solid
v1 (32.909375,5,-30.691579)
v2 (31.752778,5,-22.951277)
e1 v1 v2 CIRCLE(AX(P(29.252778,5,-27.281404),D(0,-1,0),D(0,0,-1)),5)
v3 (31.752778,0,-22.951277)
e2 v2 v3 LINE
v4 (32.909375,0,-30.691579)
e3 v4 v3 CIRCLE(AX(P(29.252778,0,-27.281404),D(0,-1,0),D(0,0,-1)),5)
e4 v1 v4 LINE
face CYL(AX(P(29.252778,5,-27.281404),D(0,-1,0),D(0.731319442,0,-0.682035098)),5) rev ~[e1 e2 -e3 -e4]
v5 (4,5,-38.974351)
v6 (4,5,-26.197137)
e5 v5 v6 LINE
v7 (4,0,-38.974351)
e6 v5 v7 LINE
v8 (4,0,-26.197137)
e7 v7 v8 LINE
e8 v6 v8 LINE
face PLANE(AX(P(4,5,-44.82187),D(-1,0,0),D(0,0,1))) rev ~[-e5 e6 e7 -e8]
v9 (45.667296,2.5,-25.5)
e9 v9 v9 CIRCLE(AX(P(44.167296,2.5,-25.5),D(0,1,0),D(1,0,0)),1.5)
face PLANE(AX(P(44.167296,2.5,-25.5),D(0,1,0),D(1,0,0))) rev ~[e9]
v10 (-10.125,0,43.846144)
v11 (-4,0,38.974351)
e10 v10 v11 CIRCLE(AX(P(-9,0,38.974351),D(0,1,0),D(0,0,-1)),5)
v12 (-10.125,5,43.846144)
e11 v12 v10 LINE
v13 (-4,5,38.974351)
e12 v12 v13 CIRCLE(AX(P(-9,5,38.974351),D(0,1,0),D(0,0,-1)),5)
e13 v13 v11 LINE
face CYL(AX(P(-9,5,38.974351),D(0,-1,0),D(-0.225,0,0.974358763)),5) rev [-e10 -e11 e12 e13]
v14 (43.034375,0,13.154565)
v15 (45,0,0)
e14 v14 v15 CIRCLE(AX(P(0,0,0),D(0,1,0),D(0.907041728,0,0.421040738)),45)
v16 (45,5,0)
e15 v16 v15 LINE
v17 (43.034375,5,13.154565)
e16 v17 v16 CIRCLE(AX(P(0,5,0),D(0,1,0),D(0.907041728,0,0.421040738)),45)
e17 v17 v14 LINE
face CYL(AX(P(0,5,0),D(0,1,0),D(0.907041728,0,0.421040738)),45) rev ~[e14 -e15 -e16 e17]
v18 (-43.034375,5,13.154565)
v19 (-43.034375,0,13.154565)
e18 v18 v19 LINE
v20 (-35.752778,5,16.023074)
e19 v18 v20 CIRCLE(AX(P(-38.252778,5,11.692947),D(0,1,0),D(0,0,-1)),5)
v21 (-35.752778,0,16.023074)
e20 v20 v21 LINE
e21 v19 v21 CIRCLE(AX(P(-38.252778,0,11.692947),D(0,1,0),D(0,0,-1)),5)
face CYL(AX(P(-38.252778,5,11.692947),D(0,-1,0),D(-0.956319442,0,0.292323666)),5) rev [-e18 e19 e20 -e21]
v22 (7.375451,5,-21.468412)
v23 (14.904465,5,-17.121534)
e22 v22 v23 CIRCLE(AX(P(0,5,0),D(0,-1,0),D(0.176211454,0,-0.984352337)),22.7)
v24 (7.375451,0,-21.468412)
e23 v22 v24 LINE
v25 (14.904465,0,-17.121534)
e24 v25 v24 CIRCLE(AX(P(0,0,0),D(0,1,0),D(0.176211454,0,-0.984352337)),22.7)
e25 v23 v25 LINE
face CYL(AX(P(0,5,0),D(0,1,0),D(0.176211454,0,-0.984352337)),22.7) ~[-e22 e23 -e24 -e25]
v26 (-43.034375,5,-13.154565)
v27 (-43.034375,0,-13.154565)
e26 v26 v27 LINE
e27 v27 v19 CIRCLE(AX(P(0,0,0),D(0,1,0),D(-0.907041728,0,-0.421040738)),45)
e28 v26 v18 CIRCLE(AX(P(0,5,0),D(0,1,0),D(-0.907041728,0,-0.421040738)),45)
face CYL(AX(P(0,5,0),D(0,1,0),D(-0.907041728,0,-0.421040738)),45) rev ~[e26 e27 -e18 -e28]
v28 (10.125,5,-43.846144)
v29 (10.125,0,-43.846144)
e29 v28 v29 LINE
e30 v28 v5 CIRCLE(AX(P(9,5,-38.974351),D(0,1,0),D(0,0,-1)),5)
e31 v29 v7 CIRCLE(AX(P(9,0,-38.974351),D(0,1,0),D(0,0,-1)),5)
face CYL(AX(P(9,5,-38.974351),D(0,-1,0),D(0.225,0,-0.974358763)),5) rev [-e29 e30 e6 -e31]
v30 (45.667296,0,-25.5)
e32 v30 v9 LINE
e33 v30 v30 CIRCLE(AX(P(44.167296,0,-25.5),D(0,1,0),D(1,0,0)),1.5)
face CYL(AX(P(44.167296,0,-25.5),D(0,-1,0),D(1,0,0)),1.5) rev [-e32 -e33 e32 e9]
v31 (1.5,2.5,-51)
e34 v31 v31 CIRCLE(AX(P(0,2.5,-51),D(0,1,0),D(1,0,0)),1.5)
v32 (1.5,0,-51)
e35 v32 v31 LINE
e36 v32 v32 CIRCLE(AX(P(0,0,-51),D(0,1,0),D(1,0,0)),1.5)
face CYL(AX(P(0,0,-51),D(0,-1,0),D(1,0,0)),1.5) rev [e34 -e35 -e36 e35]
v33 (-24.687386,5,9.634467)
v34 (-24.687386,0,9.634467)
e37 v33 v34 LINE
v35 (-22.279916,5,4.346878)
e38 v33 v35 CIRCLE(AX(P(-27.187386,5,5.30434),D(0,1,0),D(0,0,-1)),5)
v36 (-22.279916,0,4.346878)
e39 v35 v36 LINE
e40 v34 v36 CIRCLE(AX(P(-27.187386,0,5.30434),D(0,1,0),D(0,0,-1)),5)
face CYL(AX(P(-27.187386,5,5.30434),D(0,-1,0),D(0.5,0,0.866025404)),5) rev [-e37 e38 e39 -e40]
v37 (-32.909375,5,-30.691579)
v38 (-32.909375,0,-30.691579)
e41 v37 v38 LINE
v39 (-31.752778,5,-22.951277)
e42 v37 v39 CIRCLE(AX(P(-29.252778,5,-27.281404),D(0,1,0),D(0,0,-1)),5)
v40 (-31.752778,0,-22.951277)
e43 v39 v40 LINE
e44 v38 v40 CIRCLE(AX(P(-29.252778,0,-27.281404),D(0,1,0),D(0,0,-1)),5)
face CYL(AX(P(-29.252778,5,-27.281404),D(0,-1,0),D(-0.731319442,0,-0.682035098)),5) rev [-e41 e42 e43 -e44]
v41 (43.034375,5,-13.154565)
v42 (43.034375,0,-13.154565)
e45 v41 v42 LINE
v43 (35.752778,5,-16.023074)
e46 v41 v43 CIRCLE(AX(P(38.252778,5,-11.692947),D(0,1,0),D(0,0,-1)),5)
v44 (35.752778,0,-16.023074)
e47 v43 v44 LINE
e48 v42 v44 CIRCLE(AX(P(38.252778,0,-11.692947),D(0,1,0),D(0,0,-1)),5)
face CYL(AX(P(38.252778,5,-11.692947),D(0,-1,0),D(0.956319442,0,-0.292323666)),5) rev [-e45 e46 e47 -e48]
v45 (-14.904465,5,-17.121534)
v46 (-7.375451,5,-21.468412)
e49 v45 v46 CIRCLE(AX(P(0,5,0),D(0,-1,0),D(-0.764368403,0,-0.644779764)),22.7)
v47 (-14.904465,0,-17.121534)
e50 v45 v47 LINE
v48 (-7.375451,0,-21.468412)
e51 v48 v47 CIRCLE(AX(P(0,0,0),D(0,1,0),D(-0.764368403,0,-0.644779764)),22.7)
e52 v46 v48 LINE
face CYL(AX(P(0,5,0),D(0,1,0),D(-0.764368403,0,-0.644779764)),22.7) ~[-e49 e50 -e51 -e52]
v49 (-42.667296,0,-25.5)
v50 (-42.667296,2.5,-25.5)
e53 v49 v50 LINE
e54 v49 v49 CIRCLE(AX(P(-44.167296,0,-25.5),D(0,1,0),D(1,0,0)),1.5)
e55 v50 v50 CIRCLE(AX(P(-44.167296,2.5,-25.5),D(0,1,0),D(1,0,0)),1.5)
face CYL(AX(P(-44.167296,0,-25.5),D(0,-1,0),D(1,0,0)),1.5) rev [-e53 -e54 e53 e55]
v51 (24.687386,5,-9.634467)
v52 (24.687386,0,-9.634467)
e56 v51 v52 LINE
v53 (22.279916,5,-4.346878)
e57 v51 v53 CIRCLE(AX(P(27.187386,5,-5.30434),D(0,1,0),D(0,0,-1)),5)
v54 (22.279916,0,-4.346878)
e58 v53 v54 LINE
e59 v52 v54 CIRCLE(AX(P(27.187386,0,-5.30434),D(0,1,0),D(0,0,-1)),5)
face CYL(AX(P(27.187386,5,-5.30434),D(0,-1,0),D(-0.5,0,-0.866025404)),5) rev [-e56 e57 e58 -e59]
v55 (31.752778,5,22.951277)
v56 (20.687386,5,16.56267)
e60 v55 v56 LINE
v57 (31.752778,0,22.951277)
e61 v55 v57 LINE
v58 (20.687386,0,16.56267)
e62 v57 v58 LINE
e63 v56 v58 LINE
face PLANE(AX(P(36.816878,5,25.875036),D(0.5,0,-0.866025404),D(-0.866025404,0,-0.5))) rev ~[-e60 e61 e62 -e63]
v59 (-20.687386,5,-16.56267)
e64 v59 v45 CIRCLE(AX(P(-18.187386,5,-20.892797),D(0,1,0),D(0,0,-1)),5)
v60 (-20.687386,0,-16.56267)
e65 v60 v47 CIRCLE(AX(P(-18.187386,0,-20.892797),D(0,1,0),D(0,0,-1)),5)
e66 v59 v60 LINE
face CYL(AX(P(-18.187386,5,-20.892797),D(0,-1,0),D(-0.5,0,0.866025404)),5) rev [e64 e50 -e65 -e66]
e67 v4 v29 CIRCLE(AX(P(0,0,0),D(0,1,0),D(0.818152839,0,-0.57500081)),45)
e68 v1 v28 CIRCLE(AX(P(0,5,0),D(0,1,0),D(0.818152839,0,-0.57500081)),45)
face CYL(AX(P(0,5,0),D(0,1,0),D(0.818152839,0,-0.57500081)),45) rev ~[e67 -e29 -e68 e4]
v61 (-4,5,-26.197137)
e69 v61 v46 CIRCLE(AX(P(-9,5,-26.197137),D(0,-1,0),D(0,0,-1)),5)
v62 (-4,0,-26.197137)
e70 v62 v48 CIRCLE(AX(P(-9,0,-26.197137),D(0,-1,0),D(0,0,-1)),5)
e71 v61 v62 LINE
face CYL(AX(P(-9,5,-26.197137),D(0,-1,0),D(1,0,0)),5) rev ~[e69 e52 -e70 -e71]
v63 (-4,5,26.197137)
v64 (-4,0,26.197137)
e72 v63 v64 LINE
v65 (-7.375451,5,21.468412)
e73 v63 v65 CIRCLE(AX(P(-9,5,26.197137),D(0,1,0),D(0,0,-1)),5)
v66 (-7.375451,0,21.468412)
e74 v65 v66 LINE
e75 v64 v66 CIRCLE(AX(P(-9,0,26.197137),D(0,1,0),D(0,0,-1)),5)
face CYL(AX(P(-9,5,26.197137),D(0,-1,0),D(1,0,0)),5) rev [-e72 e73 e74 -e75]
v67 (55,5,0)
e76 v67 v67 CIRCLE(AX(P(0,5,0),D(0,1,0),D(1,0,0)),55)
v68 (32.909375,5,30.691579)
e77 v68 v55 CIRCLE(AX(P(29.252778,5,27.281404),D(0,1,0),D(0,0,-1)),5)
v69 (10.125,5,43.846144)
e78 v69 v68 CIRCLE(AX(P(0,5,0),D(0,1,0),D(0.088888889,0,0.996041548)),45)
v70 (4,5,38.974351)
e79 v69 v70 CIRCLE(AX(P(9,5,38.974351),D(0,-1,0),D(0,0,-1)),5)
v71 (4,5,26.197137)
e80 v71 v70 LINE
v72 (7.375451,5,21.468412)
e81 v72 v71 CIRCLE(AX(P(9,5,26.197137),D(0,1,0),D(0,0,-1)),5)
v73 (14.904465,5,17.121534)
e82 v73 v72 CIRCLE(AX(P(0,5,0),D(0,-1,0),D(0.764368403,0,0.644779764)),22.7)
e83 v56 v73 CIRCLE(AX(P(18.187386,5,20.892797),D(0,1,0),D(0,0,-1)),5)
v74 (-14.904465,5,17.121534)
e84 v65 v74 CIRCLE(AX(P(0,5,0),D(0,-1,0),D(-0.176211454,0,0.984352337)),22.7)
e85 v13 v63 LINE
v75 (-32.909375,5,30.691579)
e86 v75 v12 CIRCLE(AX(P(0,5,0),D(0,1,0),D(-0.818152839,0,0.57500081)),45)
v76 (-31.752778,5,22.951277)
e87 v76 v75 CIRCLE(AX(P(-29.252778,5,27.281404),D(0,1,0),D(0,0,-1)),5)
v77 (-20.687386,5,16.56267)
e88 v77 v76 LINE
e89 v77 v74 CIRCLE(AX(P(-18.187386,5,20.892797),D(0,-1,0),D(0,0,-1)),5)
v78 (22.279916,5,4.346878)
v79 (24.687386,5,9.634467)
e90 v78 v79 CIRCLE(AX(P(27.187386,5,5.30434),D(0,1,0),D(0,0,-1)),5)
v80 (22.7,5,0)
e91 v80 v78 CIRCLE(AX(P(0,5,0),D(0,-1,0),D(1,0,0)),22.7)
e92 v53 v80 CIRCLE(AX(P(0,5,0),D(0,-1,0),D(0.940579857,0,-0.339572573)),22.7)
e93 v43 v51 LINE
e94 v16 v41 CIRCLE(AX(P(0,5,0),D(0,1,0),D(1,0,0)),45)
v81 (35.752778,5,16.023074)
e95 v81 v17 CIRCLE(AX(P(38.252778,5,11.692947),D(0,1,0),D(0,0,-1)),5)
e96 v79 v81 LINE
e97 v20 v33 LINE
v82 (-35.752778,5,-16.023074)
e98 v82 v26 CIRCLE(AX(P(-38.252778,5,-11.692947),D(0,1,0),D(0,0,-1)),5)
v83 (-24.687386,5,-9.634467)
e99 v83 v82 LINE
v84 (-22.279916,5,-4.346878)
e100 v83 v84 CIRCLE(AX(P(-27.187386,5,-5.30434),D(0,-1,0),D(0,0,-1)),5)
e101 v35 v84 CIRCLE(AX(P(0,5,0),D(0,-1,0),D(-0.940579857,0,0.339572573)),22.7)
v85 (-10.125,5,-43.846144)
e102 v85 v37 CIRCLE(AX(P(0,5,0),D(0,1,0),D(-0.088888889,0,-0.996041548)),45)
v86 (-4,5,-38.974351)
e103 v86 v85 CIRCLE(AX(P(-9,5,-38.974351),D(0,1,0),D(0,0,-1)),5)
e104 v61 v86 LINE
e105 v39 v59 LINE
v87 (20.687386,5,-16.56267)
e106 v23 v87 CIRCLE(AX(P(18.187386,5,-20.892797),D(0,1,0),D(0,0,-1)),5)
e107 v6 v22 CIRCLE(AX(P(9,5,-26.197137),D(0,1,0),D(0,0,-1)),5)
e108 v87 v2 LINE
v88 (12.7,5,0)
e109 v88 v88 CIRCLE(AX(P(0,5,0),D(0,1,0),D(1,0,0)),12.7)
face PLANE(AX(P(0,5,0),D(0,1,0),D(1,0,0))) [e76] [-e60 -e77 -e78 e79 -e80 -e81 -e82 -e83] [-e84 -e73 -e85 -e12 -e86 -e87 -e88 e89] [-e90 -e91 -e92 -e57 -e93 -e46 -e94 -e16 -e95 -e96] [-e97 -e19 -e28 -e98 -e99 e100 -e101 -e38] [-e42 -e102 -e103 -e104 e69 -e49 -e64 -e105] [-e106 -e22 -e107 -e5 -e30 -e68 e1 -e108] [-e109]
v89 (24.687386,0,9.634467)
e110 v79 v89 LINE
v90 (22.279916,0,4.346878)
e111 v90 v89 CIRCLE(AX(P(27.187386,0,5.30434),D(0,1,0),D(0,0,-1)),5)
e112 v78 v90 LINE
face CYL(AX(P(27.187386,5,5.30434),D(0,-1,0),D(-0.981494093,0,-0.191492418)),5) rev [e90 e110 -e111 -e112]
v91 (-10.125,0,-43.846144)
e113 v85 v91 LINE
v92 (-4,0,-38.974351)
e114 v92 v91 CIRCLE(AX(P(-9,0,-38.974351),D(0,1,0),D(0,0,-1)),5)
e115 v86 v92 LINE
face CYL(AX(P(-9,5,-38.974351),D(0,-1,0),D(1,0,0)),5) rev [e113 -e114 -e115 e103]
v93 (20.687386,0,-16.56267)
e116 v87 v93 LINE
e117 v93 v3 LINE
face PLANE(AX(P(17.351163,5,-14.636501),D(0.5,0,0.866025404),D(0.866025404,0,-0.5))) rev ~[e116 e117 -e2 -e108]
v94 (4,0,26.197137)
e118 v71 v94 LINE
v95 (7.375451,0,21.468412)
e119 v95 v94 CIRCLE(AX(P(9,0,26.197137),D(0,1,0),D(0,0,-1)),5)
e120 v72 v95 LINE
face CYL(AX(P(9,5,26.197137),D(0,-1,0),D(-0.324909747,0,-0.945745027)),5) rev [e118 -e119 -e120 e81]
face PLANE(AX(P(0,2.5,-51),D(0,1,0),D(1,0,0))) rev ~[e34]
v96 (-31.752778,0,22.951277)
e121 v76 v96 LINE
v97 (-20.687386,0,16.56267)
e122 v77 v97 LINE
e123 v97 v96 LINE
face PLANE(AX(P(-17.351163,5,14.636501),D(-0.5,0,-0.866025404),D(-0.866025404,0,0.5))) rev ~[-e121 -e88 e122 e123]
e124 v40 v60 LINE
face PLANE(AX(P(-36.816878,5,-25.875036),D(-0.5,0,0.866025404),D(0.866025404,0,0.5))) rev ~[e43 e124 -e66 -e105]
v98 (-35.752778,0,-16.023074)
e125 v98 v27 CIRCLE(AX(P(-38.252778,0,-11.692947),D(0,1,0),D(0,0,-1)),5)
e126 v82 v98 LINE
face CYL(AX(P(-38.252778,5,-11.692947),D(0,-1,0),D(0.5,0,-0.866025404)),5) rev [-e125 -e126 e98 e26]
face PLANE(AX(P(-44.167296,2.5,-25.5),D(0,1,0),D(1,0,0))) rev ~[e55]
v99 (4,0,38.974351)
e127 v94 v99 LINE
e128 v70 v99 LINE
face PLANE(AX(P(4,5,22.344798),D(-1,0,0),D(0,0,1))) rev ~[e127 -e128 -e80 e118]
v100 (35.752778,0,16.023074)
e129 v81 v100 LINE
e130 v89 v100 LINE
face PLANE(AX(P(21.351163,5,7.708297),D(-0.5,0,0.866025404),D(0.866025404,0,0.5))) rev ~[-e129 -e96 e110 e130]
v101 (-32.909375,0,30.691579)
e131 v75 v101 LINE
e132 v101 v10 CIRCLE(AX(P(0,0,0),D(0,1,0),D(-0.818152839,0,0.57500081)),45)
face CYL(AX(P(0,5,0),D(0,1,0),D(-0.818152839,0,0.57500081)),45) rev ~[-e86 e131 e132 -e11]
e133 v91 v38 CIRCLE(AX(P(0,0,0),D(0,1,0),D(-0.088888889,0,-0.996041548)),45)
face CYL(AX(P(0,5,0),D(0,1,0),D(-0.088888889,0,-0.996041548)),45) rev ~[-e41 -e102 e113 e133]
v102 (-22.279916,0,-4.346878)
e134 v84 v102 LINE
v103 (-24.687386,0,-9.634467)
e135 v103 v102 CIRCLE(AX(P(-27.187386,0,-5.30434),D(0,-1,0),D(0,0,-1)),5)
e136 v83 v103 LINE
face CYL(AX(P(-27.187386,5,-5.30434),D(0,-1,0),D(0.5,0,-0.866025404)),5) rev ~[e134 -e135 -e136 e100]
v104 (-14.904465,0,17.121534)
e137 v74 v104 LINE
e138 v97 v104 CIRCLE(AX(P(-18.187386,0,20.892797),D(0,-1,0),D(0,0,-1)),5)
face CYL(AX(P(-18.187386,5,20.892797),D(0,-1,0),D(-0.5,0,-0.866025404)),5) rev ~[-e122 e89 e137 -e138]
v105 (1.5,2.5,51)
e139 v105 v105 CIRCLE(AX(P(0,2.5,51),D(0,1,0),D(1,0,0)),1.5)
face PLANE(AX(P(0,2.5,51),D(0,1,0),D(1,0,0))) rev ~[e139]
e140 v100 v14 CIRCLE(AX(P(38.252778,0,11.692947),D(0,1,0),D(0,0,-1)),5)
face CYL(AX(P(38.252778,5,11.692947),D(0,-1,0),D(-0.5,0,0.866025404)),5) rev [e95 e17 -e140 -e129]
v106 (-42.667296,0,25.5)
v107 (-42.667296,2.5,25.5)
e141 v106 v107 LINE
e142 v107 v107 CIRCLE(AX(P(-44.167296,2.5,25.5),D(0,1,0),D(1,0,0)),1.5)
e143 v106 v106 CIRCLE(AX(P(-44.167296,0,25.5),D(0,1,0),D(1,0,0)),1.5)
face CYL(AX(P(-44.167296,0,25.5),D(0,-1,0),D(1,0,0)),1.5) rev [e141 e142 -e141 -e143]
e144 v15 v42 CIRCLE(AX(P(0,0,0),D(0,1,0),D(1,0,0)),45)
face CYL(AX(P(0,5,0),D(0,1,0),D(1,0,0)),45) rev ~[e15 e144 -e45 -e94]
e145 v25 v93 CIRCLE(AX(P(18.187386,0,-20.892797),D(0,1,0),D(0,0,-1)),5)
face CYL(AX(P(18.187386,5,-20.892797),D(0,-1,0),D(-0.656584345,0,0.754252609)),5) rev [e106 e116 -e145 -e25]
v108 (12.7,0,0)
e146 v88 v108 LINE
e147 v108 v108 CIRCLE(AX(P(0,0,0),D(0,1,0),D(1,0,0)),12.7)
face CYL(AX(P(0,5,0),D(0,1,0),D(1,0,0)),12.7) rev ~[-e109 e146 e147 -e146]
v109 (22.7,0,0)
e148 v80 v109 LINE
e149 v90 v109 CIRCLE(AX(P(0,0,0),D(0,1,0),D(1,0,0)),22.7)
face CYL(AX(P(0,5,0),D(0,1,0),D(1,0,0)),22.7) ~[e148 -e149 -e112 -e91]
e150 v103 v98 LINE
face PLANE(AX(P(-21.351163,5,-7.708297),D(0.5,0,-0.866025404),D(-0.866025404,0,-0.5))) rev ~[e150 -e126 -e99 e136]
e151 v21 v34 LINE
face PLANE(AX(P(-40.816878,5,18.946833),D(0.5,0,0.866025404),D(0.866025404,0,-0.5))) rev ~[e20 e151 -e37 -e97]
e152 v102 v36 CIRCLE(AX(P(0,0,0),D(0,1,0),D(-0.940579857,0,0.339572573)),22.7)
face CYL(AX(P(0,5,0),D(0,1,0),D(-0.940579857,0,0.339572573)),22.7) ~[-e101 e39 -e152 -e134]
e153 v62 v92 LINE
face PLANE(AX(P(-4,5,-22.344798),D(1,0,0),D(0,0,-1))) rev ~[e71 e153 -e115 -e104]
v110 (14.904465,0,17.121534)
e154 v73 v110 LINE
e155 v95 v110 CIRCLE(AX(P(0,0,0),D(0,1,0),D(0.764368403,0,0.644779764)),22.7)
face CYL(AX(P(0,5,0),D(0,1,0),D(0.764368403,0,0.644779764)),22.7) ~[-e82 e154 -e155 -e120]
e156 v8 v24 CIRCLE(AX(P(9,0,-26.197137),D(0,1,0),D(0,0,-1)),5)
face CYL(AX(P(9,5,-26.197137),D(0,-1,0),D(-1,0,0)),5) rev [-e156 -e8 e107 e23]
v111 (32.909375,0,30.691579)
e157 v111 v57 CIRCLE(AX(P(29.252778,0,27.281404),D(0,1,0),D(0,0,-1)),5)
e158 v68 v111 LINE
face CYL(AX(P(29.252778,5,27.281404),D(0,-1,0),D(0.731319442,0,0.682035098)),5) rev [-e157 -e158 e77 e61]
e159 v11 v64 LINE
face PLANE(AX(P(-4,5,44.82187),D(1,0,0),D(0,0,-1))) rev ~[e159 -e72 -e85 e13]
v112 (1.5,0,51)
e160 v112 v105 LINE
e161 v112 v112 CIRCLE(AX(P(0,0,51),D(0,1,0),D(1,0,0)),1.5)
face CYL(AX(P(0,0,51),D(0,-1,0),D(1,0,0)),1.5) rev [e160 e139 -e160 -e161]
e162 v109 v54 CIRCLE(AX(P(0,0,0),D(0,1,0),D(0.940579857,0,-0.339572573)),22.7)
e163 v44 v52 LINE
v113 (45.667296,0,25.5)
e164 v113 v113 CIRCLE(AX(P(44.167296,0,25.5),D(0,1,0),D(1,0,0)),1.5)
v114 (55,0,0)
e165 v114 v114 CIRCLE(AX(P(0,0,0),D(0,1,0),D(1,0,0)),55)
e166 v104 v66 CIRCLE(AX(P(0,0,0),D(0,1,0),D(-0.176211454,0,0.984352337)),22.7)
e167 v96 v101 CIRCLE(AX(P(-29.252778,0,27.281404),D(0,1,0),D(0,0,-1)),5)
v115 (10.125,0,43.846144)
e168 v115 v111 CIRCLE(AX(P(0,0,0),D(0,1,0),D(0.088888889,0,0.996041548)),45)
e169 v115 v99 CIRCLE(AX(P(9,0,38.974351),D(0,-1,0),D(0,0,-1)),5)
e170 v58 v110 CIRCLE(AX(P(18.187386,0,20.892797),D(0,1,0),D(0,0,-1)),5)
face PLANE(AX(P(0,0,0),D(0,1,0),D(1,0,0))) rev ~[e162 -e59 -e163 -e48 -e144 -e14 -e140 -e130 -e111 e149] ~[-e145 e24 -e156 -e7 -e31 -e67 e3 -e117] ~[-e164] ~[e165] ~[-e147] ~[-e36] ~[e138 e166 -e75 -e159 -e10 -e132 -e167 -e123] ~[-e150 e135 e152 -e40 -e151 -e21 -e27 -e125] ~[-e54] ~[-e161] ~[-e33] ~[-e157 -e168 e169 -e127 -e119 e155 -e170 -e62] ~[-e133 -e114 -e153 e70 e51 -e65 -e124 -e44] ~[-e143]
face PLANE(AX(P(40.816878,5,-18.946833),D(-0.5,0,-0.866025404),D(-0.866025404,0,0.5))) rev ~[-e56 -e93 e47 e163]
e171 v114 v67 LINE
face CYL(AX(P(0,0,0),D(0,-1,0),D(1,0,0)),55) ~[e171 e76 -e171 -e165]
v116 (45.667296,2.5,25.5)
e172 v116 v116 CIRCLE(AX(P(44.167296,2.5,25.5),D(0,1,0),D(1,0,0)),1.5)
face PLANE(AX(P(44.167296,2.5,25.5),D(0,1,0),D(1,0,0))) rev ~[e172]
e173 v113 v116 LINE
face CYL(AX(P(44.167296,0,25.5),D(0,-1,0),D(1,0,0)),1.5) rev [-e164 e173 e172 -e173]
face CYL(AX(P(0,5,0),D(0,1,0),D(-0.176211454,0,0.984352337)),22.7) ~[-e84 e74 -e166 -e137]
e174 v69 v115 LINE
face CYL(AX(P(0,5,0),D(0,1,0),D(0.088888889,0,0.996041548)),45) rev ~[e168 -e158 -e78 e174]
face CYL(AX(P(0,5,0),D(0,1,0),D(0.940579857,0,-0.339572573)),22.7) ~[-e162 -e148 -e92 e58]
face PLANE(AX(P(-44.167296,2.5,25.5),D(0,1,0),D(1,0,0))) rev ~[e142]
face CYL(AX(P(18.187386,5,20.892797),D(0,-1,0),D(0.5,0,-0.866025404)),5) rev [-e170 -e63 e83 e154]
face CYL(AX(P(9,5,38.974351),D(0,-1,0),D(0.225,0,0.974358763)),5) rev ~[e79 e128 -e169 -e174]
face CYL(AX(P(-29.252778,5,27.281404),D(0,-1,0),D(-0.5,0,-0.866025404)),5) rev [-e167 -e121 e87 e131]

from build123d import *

# Parameters (mm, degrees)
SKETCH1_R           = 55
BOSS_EXTRUDE1_DEPTH = 5
SKETCH2_R           = 1.5
CUT_EXTRUDE1_DEPTH  = 2.5
SKETCH5_R           = 12.7
CUT_EXTRUDE4_DEPTH  = 6
CUT_EXTRUDE5_DEPTH  = 6
FILLET1_R           = 5
FILLET2_R           = 5


with BuildPart() as part:
    # Sketch1 → Boss-Extrude1 (new body)
    with BuildSketch(Plane(origin=(0, 0, 0), x_dir=(1, 0, 0), z_dir=(0, 1, 0))):
        Circle(SKETCH1_R)
    extrude(amount=BOSS_EXTRUDE1_DEPTH)

    # Sketch2 → Cut-Extrude1 (cut)
    with BuildSketch(Plane(origin=(0, 0, 0), x_dir=(1, 0, 0), z_dir=(0, 1, 0))):
        with Locations((0, 51)):
            Circle(SKETCH2_R)
        with Locations((44.167295593, 25.5)):
            Circle(SKETCH2_R)
        with Locations((44.167295593, -25.5)):
            Circle(SKETCH2_R)
        with Locations((0, -51)):
            Circle(SKETCH2_R)
        with Locations((-44.167295593, -25.5)):
            Circle(SKETCH2_R)
        with Locations((-44.167295593, 25.5)):
            Circle(SKETCH2_R)
    extrude(amount=CUT_EXTRUDE1_DEPTH, mode=Mode.SUBTRACT)

    # Sketch5 → Cut-Extrude4 (cut, through all)
    with BuildSketch(Plane(origin=(0, 5, 0), x_dir=(1, 0, 0), z_dir=(0, 1, 0))):
        Circle(SKETCH5_R)
    extrude(amount=-CUT_EXTRUDE4_DEPTH, mode=Mode.SUBTRACT)

    # Sketch7 → Cut-Extrude5 (cut, through all)
    with BuildSketch(Plane(origin=(0, 5, 0), x_dir=(1, 0, 0), z_dir=(0, 1, 0))):
        with BuildLine():
            Line((-21.351162756, 7.708297411), (-40.816877772, 18.946833216))
            ThreePointArc((-40.816877772, 18.946833216), (-45, 0), (-40.816877772, -18.946833216))
            Line((-40.816877772, -18.946833216), (-21.351162756, -7.708297411))
            ThreePointArc((-21.351162756, -7.708297411), (-22.7, 0), (-21.351162756, 7.708297411))
        make_face()
        with BuildLine():
            Line((-17.351162756, -14.636500641), (-36.816877772, -25.875036446))
            ThreePointArc((-36.816877772, -25.875036446), (-22.5, -38.97114317), (-4, -44.821869662))
            Line((-4, -44.821869662), (-4, -22.344798052))
            ThreePointArc((-4, -22.344798052), (-11.35, -19.658776666), (-17.351162756, -14.636500641))
        make_face()
        with BuildLine():
            ThreePointArc((4, -44.821869662), (22.5, -38.97114317), (36.816877772, -25.875036446))
            Line((36.816877772, -25.875036446), (17.351162756, -14.636500641))
            ThreePointArc((17.351162756, -14.636500641), (11.35, -19.658776666), (4, -22.344798052))
            Line((4, -22.344798052), (4, -44.821869662))
        make_face()
        with BuildLine():
            ThreePointArc((45, 0), (43.941776818, 9.701559159), (40.816877772, 18.946833216))
            Line((40.816877772, 18.946833216), (21.351162756, 7.708297411))
            ThreePointArc((21.351162756, 7.708297411), (22.360248149, 3.912710406), (22.7, 0))
            ThreePointArc((22.7, 0), (22.360248149, -3.912710406), (21.351162756, -7.708297411))
            Line((21.351162756, -7.708297411), (40.816877772, -18.946833216))
            ThreePointArc((40.816877772, -18.946833216), (43.941776818, -9.701559159), (45, 0))
        make_face()
        with BuildLine():
            ThreePointArc((36.816877772, 25.875036446), (22.5, 38.97114317), (4, 44.821869662))
            Line((4, 44.821869662), (4, 22.344798052))
            ThreePointArc((4, 22.344798052), (11.35, 19.658776666), (17.351162756, 14.636500641))
            Line((17.351162756, 14.636500641), (36.816877772, 25.875036446))
        make_face()
        with BuildLine():
            Line((-4, 22.344798052), (-4, 44.821869662))
            ThreePointArc((-4, 44.821869662), (-22.5, 38.97114317), (-36.816877772, 25.875036446))
            Line((-36.816877772, 25.875036446), (-17.351162756, 14.636500641))
            ThreePointArc((-17.351162756, 14.636500641), (-11.35, 19.658776666), (-4, 22.344798052))
        make_face()
    extrude(amount=-CUT_EXTRUDE5_DEPTH, mode=Mode.SUBTRACT)

    # Fillet1
    fillet1_edges = [part.edges().sort_by_distance(p)[0] for p in [
        (-40.816877772, 2.5, -18.946833216),
        (-21.351162756, 2.5, -7.708297411),
        (-21.351162756, 2.5, 7.708297411),
        (-40.816877772, 2.5, 18.946833216),
    ]]
    fillet(fillet1_edges, radius=FILLET1_R)

    # Fillet2
    fillet2_edges = [part.edges().sort_by_distance(p)[0] for p in [
        (40.816877772, 2.5, 18.946833216),
        (21.351162756, 2.5, 7.708297411),
        (21.351162756, 2.5, -7.708297411),
        (40.816877772, 2.5, -18.946833216),
        (36.816877772, 2.5, -25.875036446),
        (17.351162756, 2.5, -14.636500641),
        (4, 2.5, -22.344798052),
        (4, 2.5, -44.821869662),
        (4, 2.5, 44.821869662),
        (4, 2.5, 22.344798052),
        (17.351162756, 2.5, 14.636500641),
        (36.816877772, 2.5, 25.875036446),
        (-36.816877772, 2.5, 25.875036446),
        (-17.351162756, 2.5, 14.636500641),
        (-4, 2.5, 22.344798052),
        (-4, 2.5, 44.821869662),
        (-4, 2.5, -44.821869662),
        (-4, 2.5, -22.344798052),
        (-17.351162756, 2.5, -14.636500641),
        (-36.816877772, 2.5, -25.875036446),
    ]]
    fillet(fillet2_edges, radius=FILLET2_R)


solid = part.part
